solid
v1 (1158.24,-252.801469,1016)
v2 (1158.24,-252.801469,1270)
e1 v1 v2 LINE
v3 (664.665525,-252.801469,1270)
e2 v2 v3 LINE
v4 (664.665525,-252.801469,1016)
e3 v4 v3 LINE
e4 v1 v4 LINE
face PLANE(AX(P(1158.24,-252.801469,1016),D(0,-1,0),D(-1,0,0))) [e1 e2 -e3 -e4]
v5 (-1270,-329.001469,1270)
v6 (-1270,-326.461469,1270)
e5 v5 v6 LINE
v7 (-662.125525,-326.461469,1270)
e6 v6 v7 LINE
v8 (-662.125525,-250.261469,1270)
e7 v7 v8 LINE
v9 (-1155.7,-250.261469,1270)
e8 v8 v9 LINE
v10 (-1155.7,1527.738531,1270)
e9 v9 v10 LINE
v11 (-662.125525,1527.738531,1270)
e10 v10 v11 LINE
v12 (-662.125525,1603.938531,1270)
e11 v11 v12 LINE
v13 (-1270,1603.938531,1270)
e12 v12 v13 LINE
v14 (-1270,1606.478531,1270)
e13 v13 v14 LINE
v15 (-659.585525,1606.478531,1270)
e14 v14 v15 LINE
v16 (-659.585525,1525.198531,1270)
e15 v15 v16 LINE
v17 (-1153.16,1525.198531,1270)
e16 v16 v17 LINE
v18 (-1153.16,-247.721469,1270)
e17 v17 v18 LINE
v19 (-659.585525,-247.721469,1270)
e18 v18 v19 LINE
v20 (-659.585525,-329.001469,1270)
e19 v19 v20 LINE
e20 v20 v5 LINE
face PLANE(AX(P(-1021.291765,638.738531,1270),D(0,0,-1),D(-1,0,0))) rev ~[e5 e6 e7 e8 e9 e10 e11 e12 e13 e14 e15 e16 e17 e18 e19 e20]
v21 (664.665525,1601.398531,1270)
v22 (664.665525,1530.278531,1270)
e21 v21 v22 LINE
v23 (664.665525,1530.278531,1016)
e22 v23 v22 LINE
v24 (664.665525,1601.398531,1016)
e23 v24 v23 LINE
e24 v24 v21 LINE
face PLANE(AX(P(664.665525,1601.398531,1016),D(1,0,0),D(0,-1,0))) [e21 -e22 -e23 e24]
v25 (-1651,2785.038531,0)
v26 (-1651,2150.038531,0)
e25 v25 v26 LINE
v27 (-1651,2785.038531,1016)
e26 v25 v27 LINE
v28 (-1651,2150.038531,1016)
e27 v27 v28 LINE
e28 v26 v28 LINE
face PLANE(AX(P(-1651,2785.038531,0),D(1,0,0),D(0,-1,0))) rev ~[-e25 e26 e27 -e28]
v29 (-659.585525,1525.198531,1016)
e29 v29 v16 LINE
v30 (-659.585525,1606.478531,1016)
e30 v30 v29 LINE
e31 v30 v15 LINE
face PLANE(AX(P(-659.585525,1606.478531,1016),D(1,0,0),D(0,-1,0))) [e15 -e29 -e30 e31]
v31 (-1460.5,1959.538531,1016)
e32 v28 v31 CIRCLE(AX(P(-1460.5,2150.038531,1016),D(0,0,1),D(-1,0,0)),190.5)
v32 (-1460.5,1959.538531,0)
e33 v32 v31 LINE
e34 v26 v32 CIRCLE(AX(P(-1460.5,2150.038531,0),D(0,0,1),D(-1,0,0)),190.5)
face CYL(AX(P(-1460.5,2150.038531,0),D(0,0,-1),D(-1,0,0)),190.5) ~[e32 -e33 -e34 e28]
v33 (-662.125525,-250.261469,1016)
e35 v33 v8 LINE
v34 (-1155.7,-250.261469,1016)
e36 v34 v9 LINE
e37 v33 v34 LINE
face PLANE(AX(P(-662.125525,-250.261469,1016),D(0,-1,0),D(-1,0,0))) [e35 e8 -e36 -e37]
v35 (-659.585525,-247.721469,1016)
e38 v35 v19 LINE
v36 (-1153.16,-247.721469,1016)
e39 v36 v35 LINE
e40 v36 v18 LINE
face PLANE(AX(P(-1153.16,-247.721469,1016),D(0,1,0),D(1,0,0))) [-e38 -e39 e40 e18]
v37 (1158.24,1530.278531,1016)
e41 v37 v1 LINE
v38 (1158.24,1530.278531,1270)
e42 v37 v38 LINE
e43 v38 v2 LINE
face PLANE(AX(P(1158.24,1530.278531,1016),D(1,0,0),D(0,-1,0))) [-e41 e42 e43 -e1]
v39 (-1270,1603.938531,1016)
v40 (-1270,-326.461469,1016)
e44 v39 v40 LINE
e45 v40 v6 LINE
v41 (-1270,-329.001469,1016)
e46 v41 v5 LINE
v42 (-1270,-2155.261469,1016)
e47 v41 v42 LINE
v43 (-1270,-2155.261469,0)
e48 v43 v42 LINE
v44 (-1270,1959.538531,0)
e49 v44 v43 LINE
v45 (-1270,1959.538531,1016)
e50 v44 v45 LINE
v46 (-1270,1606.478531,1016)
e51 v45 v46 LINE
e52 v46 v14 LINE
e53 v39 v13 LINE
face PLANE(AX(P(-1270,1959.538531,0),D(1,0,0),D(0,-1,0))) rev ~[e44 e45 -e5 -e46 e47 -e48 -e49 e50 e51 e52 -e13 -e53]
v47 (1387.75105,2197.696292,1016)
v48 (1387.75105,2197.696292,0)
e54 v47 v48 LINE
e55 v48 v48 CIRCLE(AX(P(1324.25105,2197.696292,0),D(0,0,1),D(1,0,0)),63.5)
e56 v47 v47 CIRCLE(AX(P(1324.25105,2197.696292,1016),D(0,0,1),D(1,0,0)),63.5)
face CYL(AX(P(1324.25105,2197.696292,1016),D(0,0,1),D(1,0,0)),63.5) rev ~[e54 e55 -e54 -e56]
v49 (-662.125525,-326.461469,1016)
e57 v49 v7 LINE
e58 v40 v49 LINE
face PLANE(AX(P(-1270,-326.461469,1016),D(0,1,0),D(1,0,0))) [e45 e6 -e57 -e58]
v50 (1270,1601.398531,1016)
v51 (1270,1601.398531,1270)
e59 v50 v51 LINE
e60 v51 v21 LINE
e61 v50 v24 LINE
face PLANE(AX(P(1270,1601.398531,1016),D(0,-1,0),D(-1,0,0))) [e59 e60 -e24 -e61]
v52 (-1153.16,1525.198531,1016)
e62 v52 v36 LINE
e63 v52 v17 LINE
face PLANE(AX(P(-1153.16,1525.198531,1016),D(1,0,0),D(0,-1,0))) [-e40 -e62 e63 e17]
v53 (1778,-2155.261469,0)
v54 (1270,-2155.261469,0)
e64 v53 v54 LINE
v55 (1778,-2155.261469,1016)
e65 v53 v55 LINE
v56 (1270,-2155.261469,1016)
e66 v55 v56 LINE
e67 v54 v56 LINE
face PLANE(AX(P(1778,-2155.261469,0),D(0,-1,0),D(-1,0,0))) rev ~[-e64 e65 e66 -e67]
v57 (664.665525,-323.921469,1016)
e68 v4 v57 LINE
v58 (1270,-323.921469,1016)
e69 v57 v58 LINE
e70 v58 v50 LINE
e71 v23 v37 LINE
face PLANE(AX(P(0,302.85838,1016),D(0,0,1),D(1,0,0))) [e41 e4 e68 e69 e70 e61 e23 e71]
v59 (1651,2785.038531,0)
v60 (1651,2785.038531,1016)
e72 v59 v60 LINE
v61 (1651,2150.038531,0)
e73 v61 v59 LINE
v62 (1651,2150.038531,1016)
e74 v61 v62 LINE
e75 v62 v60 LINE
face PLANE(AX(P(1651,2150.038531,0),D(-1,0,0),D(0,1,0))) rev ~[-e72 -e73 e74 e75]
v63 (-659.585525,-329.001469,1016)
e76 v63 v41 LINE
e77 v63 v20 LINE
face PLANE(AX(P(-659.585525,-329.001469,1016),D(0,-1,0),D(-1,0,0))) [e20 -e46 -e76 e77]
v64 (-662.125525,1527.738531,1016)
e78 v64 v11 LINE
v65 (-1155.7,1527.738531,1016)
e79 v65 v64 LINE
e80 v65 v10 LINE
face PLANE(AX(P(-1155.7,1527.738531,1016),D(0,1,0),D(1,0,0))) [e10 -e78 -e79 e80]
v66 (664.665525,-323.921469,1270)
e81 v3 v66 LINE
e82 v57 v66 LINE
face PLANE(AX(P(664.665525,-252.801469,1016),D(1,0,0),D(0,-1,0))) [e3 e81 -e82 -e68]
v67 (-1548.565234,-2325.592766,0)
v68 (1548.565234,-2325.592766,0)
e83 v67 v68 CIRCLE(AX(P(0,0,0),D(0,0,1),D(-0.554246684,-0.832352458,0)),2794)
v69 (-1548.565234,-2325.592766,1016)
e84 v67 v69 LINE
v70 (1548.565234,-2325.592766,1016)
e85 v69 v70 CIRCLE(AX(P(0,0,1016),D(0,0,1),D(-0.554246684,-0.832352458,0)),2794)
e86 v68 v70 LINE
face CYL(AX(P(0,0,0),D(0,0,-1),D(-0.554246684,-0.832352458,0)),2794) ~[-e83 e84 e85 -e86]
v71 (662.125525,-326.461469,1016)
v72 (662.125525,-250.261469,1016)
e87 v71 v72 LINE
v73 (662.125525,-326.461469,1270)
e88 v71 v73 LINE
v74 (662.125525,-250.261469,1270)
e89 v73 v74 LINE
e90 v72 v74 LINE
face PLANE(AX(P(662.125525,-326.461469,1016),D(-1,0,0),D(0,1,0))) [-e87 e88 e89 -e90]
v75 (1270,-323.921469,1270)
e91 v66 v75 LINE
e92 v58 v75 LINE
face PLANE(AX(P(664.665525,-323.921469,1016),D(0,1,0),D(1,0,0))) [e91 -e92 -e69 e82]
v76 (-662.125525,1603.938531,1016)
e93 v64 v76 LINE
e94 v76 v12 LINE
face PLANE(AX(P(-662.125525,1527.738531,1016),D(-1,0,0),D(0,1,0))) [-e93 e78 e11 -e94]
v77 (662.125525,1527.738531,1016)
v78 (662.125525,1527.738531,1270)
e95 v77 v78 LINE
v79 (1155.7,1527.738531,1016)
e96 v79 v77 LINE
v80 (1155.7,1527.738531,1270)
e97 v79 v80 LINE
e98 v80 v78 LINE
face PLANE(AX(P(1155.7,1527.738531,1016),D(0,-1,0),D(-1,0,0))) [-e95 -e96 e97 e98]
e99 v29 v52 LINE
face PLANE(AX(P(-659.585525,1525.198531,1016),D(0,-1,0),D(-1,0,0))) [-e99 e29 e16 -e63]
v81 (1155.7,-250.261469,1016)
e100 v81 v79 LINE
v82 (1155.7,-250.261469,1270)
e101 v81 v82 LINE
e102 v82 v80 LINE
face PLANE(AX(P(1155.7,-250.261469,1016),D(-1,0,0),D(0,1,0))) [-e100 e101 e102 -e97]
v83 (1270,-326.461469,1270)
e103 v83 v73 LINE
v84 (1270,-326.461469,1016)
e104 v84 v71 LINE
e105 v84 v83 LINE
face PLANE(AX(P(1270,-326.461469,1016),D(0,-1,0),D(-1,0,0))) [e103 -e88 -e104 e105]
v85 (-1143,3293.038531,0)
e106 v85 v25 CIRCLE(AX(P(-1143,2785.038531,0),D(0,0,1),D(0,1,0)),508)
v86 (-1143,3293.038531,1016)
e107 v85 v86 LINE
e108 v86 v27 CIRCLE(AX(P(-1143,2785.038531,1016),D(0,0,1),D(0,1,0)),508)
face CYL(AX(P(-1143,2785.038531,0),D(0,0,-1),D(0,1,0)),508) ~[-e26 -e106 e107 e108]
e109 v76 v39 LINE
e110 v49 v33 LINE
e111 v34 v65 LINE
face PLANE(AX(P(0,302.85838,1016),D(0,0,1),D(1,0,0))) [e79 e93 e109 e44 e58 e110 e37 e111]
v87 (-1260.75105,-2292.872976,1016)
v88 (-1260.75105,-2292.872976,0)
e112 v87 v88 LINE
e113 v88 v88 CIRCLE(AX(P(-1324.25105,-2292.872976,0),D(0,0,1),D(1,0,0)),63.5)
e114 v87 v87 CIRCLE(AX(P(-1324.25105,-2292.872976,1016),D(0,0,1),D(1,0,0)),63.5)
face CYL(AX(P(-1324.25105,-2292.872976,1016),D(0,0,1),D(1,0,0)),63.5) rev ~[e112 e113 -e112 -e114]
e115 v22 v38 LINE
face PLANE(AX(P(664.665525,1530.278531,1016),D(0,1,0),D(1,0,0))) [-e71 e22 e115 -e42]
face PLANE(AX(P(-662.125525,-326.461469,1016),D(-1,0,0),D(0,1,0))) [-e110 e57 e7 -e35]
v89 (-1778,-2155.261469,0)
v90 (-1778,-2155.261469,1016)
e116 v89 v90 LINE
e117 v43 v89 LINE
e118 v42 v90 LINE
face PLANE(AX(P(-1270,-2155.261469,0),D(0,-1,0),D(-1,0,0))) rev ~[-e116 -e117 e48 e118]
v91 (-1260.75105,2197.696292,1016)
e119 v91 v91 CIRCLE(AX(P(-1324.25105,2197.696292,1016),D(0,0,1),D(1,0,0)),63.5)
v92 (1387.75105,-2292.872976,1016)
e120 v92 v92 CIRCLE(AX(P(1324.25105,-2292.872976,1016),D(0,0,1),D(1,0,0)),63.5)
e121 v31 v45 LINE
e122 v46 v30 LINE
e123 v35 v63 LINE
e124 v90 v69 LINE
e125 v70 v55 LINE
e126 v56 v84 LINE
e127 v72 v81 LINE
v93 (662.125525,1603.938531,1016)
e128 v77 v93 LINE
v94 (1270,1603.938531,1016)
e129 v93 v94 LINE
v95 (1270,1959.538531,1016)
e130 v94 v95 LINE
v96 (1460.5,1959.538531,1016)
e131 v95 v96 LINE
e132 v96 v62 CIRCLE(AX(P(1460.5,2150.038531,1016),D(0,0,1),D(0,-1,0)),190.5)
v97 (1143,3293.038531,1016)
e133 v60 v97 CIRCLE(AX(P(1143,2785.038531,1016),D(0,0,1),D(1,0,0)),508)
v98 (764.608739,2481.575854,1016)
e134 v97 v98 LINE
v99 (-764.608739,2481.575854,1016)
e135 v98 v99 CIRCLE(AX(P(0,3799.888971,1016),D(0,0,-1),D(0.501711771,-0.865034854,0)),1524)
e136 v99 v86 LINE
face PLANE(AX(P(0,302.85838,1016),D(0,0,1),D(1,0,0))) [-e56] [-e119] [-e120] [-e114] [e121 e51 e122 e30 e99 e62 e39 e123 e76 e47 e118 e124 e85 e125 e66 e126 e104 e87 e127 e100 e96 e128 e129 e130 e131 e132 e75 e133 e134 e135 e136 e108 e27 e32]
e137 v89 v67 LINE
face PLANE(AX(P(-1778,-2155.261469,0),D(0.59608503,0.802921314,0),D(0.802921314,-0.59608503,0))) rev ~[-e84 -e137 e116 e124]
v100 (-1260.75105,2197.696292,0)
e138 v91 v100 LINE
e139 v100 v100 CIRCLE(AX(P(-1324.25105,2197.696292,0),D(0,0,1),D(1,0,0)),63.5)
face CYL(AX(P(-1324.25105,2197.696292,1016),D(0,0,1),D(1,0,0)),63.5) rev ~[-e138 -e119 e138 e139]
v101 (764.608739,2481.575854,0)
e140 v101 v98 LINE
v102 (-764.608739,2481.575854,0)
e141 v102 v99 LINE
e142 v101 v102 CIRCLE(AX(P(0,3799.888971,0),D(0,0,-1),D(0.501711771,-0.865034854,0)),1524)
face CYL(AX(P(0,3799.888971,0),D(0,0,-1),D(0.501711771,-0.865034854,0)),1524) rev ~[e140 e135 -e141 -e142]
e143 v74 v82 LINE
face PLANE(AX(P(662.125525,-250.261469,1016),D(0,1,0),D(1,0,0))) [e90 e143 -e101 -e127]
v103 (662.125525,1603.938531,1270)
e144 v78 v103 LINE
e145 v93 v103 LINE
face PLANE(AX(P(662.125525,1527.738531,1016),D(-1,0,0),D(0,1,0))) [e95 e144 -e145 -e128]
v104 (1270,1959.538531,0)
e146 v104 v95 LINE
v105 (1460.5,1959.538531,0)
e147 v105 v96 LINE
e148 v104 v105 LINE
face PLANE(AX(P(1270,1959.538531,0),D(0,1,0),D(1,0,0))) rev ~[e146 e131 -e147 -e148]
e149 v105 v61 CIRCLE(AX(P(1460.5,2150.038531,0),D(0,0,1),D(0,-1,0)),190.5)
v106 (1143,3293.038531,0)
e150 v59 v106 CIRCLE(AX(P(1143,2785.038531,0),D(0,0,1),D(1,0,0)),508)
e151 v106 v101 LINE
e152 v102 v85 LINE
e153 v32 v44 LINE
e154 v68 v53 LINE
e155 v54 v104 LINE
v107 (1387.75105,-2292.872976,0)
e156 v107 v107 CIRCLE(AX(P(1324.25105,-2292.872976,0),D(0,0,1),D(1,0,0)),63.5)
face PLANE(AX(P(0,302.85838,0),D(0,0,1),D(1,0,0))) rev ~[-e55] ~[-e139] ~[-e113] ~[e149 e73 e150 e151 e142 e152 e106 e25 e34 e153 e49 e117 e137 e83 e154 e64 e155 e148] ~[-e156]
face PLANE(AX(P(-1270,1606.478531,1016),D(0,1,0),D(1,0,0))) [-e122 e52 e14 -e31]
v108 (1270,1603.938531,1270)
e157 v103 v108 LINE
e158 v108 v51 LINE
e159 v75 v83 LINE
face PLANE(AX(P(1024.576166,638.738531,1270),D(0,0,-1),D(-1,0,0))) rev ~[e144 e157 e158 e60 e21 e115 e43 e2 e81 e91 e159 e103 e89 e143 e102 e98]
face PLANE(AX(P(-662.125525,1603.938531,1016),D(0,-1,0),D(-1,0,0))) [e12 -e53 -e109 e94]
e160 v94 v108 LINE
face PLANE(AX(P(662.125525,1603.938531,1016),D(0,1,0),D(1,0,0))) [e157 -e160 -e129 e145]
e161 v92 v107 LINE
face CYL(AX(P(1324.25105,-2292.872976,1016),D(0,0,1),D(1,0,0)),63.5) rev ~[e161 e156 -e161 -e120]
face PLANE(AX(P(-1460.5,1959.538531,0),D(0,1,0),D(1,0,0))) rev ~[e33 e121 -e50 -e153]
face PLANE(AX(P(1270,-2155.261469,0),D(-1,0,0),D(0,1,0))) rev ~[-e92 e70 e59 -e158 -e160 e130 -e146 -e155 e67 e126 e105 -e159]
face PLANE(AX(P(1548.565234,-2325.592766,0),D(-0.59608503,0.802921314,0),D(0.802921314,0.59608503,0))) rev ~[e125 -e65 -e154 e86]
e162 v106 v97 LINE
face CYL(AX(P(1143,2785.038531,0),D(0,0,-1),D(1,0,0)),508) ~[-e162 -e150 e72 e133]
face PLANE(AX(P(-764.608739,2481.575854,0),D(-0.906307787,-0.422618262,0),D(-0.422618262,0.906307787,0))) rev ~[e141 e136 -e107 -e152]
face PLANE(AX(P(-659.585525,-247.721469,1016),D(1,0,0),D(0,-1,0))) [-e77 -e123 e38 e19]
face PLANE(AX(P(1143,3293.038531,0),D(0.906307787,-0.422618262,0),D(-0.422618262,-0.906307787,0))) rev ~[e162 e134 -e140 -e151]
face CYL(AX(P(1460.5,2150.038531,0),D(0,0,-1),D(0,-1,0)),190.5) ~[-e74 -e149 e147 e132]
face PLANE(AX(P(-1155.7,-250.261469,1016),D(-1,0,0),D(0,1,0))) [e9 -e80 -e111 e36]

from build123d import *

# Parameters (mm, degrees)
BOSS_EXTRUDE1_DEPTH = 1016
EXTRUDE_THIN1_DEPTH = 254
SKETCH6_R           = 63.5
CUT_EXTRUDE1_DEPTH  = 2032


with BuildPart() as part:
    # Sketch2 → Boss-Extrude1 (new body)
    with BuildSketch(Plane.XY):
        with BuildLine():
            Line((1270, -2155.261469057), (1270, 1959.538530943))
            Line((1270, 1959.538530943), (1460.5, 1959.538530943))
            ThreePointArc((1460.5, 1959.538530943), (1595.203841816, 2015.334689127), (1651, 2150.038530943))
            Line((1651, 2150.038530943), (1651, 2785.038530943))
            ThreePointArc((1651, 2785.038530943), (1502.210244843, 3144.248775786), (1143, 3293.038530943))
            Line((1143, 3293.038530943), (764.60873935, 2481.57585382))
            ThreePointArc((764.60873935, 2481.57585382), (0, 2275.888971296), (-764.60873935, 2481.57585382))
            Line((-764.60873935, 2481.57585382), (-1143, 3293.038530943))
            ThreePointArc((-1143, 3293.038530943), (-1502.210244843, 3144.248775786), (-1651, 2785.038530943))
            Line((-1651, 2785.038530943), (-1651, 2150.038530943))
            ThreePointArc((-1651, 2150.038530943), (-1595.203841816, 2015.334689127), (-1460.5, 1959.538530943))
            Line((-1460.5, 1959.538530943), (-1270, 1959.538530943))
            Line((-1270, 1959.538530943), (-1270, -2155.261469057))
            Line((-1270, -2155.261469057), (-1778, -2155.261469057))
            Line((-1778, -2155.261469057), (-1548.565234395, -2325.592766333))
            ThreePointArc((-1548.565234395, -2325.592766333), (0, -2794), (1548.565234395, -2325.592766333))
            Line((1548.565234395, -2325.592766333), (1778, -2155.261469057))
            Line((1778, -2155.261469057), (1270, -2155.261469057))
        make_face()
    extrude(amount=BOSS_EXTRUDE1_DEPTH)

    # Sketch5 → Extrude-Thin1 (add)
    with BuildSketch(Plane.XY.offset(1016)):
        Polygon((1270, -326.461469057), (662.125525201, -326.461469057), (662.125525201, -250.261469057), (1155.7, -250.261469057), (1155.7, 1527.738530943), (662.125525201, 1527.738530943), (662.125525201, 1603.938530943), (1270, 1603.938530943), (1270, 1601.398530943), (664.665525201, 1601.398530943), (664.665525201, 1530.278530943), (1158.24, 1530.278530943), (1158.24, -252.801469057), (664.665525201, -252.801469057), (664.665525201, -323.921469057), (1270, -323.921469057), align=None)
        Polygon((-1270, -326.461469057), (-662.125525201, -326.461469057), (-662.125525201, -250.261469057), (-1155.7, -250.261469057), (-1155.7, 1527.738530943), (-662.125525201, 1527.738530943), (-662.125525201, 1603.938530943), (-1270, 1603.938530943), (-1270, 1606.478530943), (-659.585525201, 1606.478530943), (-659.585525201, 1525.198530943), (-1153.16, 1525.198530943), (-1153.16, -247.721469057), (-659.585525201, -247.721469057), (-659.585525201, -329.001469057), (-1270, -329.001469057), align=None)
    extrude(amount=EXTRUDE_THIN1_DEPTH)

    # Sketch6 → Cut-Extrude1 (cut)
    with BuildSketch(Plane.XY.offset(1016)):
        with Locations((1324.251050402, 2197.696291545)):
            Circle(SKETCH6_R)
        with Locations((1324.251050402, -2292.872975525)):
            Circle(SKETCH6_R)
        with Locations((-1324.251050402, -2292.872975525)):
            Circle(SKETCH6_R)
        with Locations((-1324.251050402, 2197.696291545)):
            Circle(SKETCH6_R)
    extrude(amount=-CUT_EXTRUDE1_DEPTH, mode=Mode.SUBTRACT)


solid = part.part
